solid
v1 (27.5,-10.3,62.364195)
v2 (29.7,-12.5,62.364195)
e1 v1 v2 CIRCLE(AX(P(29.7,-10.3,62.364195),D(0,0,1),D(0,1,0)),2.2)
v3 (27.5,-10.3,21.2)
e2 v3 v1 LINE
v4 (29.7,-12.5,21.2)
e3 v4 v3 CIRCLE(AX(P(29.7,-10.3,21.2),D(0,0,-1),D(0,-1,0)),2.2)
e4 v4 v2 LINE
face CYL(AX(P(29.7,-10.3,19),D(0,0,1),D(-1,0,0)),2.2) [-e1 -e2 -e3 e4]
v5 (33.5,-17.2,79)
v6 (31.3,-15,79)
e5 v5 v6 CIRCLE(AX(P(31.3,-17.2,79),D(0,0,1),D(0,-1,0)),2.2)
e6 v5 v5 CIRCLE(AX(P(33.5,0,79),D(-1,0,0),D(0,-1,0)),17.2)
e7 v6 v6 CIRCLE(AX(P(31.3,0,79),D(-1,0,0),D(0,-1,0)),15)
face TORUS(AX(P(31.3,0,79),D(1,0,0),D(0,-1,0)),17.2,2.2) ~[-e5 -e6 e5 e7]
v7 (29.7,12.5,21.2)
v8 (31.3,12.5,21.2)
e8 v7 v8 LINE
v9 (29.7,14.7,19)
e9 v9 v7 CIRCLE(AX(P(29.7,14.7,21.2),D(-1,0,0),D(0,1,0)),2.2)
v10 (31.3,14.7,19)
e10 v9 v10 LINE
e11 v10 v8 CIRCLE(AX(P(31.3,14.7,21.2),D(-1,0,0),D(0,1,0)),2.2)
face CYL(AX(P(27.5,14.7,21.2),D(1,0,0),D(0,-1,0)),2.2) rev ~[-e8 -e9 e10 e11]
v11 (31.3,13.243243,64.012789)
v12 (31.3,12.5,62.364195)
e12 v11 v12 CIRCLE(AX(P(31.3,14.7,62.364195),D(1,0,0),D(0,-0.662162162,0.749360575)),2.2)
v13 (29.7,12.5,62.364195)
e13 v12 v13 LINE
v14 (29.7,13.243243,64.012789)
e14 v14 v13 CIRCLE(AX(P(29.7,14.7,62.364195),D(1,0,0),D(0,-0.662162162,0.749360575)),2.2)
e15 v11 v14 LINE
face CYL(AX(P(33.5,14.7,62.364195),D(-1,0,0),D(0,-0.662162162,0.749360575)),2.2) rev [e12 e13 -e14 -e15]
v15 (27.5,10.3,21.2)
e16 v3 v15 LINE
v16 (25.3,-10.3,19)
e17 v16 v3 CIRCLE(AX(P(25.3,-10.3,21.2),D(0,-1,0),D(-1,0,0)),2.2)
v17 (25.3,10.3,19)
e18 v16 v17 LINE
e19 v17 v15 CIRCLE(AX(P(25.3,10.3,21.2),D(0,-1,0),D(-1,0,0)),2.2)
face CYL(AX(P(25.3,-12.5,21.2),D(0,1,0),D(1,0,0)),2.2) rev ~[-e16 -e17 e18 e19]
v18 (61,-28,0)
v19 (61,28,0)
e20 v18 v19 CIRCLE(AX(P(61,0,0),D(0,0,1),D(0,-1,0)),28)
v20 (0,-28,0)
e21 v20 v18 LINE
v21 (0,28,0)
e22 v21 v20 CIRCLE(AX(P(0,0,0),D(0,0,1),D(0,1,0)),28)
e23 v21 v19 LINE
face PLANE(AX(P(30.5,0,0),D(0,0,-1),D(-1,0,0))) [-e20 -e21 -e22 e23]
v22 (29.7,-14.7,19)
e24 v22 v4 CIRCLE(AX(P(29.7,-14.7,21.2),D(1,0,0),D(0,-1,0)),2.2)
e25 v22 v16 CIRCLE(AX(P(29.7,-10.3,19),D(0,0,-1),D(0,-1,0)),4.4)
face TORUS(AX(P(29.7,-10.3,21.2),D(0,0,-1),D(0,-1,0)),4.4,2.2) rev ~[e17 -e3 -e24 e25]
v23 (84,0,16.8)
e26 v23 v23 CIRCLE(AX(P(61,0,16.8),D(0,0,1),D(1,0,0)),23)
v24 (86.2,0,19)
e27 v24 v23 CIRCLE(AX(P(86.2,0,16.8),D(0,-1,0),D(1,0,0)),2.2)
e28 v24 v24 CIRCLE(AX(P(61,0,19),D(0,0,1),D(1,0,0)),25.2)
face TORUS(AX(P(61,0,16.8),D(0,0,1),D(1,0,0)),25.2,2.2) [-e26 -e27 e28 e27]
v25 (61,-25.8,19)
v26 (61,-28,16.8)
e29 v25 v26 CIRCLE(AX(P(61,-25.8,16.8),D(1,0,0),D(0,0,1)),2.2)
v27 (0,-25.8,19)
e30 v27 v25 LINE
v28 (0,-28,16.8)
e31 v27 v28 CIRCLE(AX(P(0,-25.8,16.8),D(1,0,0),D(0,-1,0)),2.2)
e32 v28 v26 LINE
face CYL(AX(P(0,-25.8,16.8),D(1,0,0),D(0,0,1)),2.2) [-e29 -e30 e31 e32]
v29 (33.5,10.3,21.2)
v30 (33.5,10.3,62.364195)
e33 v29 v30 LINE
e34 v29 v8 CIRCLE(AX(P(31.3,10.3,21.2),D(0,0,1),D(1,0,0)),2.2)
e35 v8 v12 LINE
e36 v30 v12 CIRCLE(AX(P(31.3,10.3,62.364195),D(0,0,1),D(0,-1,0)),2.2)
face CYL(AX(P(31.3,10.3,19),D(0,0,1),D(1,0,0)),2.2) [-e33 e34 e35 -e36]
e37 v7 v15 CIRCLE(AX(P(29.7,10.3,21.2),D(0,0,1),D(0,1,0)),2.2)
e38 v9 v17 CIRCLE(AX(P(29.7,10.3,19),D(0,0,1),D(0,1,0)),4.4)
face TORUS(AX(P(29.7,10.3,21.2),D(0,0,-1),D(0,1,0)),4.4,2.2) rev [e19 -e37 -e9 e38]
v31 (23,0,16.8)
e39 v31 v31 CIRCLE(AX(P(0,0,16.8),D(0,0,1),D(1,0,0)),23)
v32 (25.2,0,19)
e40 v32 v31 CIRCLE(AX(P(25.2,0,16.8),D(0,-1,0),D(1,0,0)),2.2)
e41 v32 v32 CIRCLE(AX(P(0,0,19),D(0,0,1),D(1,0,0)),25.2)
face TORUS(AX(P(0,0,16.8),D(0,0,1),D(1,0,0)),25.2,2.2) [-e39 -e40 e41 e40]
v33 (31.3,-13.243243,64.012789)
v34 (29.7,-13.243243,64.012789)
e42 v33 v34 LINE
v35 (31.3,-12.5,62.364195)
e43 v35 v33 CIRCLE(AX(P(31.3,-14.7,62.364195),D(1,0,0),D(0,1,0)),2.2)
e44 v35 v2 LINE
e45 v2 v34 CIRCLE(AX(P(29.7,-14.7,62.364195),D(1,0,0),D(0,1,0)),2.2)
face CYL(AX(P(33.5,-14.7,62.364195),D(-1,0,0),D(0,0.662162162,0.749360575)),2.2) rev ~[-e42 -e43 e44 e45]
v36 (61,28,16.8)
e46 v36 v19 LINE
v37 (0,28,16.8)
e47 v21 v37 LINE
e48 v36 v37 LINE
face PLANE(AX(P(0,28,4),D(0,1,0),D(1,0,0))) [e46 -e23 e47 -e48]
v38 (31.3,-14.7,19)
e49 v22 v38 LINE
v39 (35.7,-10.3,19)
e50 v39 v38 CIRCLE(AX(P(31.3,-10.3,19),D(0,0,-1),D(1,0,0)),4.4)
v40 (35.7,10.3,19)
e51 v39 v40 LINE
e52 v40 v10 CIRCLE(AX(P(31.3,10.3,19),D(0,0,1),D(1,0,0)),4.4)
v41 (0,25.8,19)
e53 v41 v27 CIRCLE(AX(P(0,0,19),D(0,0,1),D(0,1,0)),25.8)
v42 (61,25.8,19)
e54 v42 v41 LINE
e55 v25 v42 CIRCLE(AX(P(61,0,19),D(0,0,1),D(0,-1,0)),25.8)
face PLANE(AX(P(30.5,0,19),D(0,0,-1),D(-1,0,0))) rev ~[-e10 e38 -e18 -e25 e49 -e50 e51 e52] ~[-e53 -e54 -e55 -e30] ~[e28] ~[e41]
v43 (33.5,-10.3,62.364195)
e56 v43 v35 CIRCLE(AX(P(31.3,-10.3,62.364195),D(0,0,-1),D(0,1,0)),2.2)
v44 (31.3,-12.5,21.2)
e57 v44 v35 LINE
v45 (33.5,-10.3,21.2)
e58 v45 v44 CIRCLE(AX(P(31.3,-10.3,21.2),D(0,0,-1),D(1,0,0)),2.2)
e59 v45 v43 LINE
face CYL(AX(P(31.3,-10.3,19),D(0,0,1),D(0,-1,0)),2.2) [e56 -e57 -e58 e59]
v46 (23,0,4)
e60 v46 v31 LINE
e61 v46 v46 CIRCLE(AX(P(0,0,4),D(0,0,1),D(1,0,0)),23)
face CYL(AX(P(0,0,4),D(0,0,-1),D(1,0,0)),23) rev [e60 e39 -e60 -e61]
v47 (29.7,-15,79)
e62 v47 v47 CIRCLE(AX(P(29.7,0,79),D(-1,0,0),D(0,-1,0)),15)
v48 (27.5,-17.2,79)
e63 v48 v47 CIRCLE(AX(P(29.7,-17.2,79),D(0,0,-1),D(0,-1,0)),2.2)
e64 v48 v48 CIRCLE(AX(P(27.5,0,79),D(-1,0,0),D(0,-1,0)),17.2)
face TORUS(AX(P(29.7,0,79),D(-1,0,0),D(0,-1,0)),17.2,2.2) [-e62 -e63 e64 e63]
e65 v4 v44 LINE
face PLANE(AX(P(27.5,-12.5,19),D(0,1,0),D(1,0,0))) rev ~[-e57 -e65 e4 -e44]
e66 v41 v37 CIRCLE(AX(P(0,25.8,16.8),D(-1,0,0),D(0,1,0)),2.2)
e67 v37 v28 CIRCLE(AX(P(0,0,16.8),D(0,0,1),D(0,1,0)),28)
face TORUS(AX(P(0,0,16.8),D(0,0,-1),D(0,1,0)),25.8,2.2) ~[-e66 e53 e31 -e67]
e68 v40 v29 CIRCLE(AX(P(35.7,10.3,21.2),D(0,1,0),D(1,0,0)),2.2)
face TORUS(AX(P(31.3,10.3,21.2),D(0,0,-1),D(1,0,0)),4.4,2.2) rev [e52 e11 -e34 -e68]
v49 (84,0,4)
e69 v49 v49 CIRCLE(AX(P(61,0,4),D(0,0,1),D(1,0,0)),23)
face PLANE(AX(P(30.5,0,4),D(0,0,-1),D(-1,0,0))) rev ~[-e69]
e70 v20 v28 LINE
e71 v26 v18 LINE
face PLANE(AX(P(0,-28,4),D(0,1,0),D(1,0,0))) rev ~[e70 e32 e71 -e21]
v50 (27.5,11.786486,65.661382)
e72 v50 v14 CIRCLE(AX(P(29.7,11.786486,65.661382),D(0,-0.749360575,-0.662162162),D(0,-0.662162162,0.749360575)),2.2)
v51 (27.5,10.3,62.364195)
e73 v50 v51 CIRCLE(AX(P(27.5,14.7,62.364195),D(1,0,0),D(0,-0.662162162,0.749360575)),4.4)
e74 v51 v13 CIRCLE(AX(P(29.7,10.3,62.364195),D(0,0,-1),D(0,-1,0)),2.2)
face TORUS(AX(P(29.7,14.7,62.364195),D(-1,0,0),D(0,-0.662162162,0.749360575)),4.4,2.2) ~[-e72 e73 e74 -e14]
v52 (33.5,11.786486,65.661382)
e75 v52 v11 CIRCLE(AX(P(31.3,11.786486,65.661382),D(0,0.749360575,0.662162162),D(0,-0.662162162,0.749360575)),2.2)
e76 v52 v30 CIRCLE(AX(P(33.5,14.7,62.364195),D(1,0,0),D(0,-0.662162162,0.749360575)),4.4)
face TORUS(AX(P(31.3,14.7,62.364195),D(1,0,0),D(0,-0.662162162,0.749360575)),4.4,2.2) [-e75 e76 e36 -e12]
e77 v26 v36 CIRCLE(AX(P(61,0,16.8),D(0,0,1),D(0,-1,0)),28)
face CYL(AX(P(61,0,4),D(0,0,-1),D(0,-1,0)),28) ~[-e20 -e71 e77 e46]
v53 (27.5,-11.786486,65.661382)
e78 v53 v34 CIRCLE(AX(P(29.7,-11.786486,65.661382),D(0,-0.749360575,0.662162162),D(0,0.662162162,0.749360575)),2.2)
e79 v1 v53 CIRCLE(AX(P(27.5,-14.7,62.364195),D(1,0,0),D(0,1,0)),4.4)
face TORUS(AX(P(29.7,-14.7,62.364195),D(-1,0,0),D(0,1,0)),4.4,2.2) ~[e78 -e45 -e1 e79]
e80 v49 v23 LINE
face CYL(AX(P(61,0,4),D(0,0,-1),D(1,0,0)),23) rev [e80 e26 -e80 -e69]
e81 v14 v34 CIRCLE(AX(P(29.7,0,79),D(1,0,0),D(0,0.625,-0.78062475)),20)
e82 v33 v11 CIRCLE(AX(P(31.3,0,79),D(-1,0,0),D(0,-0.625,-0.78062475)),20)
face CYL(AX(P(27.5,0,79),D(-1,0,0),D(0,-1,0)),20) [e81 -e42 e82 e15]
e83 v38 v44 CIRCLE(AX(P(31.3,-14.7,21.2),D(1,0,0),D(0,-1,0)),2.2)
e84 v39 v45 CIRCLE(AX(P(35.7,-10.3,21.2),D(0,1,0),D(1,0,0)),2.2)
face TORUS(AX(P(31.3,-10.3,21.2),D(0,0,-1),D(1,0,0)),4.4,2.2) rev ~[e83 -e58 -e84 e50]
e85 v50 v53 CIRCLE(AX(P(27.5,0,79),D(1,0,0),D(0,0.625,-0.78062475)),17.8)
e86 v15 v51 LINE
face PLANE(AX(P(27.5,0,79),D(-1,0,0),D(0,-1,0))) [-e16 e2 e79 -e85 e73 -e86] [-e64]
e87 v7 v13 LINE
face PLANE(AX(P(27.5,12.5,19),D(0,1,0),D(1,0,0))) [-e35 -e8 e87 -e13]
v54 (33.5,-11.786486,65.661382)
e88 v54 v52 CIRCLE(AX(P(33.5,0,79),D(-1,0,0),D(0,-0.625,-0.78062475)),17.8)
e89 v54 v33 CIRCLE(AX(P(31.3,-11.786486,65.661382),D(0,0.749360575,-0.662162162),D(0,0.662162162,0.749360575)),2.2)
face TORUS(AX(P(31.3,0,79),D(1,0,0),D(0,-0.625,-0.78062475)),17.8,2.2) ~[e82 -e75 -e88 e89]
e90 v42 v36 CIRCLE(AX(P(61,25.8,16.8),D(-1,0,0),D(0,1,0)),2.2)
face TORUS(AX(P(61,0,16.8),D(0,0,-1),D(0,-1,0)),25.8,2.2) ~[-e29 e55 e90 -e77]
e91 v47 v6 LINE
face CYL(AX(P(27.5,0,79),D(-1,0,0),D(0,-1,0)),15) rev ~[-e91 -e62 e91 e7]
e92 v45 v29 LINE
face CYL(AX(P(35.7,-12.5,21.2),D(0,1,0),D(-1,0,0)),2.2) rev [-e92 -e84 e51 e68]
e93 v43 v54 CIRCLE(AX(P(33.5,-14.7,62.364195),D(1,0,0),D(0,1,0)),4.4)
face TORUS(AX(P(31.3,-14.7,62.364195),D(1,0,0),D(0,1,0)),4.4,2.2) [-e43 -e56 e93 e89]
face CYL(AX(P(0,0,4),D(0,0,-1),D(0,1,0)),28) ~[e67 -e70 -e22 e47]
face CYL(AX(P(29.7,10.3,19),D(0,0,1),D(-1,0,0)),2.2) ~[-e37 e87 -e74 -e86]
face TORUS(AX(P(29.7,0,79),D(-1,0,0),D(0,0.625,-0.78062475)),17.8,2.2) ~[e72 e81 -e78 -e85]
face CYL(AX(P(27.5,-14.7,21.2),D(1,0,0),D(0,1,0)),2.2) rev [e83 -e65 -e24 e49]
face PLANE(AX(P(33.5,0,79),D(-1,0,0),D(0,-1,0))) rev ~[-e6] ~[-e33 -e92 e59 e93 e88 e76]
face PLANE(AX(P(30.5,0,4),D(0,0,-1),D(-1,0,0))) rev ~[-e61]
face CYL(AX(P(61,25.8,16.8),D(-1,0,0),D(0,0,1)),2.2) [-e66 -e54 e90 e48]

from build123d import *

# Parameters (mm, degrees)
PAD_DEPTH    = 4
SKETCH001_R  = 23
PAD001_DEPTH = 15
SKETCH002_W  = 6
SKETCH002_H  = 25
PAD002_DEPTH = 60
SKETCH003_R  = 20
PAD003_DEPTH = 6
SKETCH004_R  = 15
POCKET_DEPTH = 6
FILLET_R     = 2.2


with BuildPart() as part:
    # Sketch → Pad (new body)
    with BuildSketch(Plane.XY):
        with BuildLine():
            Line((0, 28), (61, 28))
            ThreePointArc((61, -28), (89, 0), (61, 28))
            Line((0, -28), (61, -28))
            ThreePointArc((0, 28), (-28, 0), (0, -28))
        make_face()
    extrude(amount=PAD_DEPTH)

    # Sketch001 → Pad001 (new body)
    with BuildSketch(Plane.XY.offset(4)):
        with BuildLine():
            Line((0, 28), (61, 28))
            ThreePointArc((61, -28), (89, 0), (61, 28))
            Line((0, -28), (61, -28))
            ThreePointArc((0, 28), (-28, 0), (0, -28))
        make_face()
        Circle(SKETCH001_R, mode=Mode.SUBTRACT)
        with Locations((61, 0)):
            Circle(SKETCH001_R, mode=Mode.SUBTRACT)
    extrude(amount=PAD001_DEPTH)

    # Sketch002 → Pad002 (new body)
    with BuildSketch(Plane.XY.offset(19)):
        with Locations((30.5, 0)):
            Rectangle(SKETCH002_W, SKETCH002_H)
    extrude(amount=PAD002_DEPTH)

    # Sketch003 → Pad003 (new body)
    with BuildSketch(Plane(origin=(27.5, 0, 0), x_dir=(0, -1, 0), z_dir=(-1, 0, 0))):
        with Locations((0, 79)):
            Circle(SKETCH003_R)
    extrude(amount=-PAD003_DEPTH)

    # Sketch004 → Pocket (cut)
    with BuildSketch(Plane(origin=(27.5, 0, 0), x_dir=(0, -1, 0), z_dir=(-1, 0, 0))):
        with Locations((0, 79)):
            Circle(SKETCH004_R)
    extrude(amount=-POCKET_DEPTH, mode=Mode.SUBTRACT)

    # Fillet
    fillet_edges = [part.edges().sort_by_distance(p)[0] for p in [
        (27.5, 0, 19),
        (27.5, 12.5, 41.193753),
        (27.5, 0, 59),
        (27.5, -12.5, 41.193753),
        (-28, 0, 19),
        (30.5, 28, 19),
        (30.5, -28, 19),
        (89, 0, 19),
        (-23, 0, 19),
        (33.5, 0, 19),
        (30.5, -12.5, 19),
        (30.5, 12.5, 19),
        (38, 0, 19),
        (33.5, -12.5, 41.193753),
        (33.5, 0, 59),
        (33.5, 12.5, 41.193753),
        (30.5, 12.5, 63.387505),
        (27.5, 8.660254, 97.027756),
        (33.5, 8.660254, 97.027756),
        (33.5, -12.5, 67.047972),
        (33.5, -14.361407, 74.669873),
        (33.5, 4.330127, 93.361407),
        (33.5, 12.5, 67.047972),
        (33.5, -18.027756, 70.339746),
        (27.5, 4.330127, 93.361407),
        (27.5, 0, 64),
        (27.5, -14.361407, 74.669873),
        (33.5, 0, 64),
        (27.5, -12.5, 67.047972),
        (27.5, 12.5, 67.047972),
        (27.5, -18.027756, 70.339746),
        (30.5, -12.5, 63.387505),
    ]]
    fillet(fillet_edges, radius=FILLET_R)


solid = part.part
